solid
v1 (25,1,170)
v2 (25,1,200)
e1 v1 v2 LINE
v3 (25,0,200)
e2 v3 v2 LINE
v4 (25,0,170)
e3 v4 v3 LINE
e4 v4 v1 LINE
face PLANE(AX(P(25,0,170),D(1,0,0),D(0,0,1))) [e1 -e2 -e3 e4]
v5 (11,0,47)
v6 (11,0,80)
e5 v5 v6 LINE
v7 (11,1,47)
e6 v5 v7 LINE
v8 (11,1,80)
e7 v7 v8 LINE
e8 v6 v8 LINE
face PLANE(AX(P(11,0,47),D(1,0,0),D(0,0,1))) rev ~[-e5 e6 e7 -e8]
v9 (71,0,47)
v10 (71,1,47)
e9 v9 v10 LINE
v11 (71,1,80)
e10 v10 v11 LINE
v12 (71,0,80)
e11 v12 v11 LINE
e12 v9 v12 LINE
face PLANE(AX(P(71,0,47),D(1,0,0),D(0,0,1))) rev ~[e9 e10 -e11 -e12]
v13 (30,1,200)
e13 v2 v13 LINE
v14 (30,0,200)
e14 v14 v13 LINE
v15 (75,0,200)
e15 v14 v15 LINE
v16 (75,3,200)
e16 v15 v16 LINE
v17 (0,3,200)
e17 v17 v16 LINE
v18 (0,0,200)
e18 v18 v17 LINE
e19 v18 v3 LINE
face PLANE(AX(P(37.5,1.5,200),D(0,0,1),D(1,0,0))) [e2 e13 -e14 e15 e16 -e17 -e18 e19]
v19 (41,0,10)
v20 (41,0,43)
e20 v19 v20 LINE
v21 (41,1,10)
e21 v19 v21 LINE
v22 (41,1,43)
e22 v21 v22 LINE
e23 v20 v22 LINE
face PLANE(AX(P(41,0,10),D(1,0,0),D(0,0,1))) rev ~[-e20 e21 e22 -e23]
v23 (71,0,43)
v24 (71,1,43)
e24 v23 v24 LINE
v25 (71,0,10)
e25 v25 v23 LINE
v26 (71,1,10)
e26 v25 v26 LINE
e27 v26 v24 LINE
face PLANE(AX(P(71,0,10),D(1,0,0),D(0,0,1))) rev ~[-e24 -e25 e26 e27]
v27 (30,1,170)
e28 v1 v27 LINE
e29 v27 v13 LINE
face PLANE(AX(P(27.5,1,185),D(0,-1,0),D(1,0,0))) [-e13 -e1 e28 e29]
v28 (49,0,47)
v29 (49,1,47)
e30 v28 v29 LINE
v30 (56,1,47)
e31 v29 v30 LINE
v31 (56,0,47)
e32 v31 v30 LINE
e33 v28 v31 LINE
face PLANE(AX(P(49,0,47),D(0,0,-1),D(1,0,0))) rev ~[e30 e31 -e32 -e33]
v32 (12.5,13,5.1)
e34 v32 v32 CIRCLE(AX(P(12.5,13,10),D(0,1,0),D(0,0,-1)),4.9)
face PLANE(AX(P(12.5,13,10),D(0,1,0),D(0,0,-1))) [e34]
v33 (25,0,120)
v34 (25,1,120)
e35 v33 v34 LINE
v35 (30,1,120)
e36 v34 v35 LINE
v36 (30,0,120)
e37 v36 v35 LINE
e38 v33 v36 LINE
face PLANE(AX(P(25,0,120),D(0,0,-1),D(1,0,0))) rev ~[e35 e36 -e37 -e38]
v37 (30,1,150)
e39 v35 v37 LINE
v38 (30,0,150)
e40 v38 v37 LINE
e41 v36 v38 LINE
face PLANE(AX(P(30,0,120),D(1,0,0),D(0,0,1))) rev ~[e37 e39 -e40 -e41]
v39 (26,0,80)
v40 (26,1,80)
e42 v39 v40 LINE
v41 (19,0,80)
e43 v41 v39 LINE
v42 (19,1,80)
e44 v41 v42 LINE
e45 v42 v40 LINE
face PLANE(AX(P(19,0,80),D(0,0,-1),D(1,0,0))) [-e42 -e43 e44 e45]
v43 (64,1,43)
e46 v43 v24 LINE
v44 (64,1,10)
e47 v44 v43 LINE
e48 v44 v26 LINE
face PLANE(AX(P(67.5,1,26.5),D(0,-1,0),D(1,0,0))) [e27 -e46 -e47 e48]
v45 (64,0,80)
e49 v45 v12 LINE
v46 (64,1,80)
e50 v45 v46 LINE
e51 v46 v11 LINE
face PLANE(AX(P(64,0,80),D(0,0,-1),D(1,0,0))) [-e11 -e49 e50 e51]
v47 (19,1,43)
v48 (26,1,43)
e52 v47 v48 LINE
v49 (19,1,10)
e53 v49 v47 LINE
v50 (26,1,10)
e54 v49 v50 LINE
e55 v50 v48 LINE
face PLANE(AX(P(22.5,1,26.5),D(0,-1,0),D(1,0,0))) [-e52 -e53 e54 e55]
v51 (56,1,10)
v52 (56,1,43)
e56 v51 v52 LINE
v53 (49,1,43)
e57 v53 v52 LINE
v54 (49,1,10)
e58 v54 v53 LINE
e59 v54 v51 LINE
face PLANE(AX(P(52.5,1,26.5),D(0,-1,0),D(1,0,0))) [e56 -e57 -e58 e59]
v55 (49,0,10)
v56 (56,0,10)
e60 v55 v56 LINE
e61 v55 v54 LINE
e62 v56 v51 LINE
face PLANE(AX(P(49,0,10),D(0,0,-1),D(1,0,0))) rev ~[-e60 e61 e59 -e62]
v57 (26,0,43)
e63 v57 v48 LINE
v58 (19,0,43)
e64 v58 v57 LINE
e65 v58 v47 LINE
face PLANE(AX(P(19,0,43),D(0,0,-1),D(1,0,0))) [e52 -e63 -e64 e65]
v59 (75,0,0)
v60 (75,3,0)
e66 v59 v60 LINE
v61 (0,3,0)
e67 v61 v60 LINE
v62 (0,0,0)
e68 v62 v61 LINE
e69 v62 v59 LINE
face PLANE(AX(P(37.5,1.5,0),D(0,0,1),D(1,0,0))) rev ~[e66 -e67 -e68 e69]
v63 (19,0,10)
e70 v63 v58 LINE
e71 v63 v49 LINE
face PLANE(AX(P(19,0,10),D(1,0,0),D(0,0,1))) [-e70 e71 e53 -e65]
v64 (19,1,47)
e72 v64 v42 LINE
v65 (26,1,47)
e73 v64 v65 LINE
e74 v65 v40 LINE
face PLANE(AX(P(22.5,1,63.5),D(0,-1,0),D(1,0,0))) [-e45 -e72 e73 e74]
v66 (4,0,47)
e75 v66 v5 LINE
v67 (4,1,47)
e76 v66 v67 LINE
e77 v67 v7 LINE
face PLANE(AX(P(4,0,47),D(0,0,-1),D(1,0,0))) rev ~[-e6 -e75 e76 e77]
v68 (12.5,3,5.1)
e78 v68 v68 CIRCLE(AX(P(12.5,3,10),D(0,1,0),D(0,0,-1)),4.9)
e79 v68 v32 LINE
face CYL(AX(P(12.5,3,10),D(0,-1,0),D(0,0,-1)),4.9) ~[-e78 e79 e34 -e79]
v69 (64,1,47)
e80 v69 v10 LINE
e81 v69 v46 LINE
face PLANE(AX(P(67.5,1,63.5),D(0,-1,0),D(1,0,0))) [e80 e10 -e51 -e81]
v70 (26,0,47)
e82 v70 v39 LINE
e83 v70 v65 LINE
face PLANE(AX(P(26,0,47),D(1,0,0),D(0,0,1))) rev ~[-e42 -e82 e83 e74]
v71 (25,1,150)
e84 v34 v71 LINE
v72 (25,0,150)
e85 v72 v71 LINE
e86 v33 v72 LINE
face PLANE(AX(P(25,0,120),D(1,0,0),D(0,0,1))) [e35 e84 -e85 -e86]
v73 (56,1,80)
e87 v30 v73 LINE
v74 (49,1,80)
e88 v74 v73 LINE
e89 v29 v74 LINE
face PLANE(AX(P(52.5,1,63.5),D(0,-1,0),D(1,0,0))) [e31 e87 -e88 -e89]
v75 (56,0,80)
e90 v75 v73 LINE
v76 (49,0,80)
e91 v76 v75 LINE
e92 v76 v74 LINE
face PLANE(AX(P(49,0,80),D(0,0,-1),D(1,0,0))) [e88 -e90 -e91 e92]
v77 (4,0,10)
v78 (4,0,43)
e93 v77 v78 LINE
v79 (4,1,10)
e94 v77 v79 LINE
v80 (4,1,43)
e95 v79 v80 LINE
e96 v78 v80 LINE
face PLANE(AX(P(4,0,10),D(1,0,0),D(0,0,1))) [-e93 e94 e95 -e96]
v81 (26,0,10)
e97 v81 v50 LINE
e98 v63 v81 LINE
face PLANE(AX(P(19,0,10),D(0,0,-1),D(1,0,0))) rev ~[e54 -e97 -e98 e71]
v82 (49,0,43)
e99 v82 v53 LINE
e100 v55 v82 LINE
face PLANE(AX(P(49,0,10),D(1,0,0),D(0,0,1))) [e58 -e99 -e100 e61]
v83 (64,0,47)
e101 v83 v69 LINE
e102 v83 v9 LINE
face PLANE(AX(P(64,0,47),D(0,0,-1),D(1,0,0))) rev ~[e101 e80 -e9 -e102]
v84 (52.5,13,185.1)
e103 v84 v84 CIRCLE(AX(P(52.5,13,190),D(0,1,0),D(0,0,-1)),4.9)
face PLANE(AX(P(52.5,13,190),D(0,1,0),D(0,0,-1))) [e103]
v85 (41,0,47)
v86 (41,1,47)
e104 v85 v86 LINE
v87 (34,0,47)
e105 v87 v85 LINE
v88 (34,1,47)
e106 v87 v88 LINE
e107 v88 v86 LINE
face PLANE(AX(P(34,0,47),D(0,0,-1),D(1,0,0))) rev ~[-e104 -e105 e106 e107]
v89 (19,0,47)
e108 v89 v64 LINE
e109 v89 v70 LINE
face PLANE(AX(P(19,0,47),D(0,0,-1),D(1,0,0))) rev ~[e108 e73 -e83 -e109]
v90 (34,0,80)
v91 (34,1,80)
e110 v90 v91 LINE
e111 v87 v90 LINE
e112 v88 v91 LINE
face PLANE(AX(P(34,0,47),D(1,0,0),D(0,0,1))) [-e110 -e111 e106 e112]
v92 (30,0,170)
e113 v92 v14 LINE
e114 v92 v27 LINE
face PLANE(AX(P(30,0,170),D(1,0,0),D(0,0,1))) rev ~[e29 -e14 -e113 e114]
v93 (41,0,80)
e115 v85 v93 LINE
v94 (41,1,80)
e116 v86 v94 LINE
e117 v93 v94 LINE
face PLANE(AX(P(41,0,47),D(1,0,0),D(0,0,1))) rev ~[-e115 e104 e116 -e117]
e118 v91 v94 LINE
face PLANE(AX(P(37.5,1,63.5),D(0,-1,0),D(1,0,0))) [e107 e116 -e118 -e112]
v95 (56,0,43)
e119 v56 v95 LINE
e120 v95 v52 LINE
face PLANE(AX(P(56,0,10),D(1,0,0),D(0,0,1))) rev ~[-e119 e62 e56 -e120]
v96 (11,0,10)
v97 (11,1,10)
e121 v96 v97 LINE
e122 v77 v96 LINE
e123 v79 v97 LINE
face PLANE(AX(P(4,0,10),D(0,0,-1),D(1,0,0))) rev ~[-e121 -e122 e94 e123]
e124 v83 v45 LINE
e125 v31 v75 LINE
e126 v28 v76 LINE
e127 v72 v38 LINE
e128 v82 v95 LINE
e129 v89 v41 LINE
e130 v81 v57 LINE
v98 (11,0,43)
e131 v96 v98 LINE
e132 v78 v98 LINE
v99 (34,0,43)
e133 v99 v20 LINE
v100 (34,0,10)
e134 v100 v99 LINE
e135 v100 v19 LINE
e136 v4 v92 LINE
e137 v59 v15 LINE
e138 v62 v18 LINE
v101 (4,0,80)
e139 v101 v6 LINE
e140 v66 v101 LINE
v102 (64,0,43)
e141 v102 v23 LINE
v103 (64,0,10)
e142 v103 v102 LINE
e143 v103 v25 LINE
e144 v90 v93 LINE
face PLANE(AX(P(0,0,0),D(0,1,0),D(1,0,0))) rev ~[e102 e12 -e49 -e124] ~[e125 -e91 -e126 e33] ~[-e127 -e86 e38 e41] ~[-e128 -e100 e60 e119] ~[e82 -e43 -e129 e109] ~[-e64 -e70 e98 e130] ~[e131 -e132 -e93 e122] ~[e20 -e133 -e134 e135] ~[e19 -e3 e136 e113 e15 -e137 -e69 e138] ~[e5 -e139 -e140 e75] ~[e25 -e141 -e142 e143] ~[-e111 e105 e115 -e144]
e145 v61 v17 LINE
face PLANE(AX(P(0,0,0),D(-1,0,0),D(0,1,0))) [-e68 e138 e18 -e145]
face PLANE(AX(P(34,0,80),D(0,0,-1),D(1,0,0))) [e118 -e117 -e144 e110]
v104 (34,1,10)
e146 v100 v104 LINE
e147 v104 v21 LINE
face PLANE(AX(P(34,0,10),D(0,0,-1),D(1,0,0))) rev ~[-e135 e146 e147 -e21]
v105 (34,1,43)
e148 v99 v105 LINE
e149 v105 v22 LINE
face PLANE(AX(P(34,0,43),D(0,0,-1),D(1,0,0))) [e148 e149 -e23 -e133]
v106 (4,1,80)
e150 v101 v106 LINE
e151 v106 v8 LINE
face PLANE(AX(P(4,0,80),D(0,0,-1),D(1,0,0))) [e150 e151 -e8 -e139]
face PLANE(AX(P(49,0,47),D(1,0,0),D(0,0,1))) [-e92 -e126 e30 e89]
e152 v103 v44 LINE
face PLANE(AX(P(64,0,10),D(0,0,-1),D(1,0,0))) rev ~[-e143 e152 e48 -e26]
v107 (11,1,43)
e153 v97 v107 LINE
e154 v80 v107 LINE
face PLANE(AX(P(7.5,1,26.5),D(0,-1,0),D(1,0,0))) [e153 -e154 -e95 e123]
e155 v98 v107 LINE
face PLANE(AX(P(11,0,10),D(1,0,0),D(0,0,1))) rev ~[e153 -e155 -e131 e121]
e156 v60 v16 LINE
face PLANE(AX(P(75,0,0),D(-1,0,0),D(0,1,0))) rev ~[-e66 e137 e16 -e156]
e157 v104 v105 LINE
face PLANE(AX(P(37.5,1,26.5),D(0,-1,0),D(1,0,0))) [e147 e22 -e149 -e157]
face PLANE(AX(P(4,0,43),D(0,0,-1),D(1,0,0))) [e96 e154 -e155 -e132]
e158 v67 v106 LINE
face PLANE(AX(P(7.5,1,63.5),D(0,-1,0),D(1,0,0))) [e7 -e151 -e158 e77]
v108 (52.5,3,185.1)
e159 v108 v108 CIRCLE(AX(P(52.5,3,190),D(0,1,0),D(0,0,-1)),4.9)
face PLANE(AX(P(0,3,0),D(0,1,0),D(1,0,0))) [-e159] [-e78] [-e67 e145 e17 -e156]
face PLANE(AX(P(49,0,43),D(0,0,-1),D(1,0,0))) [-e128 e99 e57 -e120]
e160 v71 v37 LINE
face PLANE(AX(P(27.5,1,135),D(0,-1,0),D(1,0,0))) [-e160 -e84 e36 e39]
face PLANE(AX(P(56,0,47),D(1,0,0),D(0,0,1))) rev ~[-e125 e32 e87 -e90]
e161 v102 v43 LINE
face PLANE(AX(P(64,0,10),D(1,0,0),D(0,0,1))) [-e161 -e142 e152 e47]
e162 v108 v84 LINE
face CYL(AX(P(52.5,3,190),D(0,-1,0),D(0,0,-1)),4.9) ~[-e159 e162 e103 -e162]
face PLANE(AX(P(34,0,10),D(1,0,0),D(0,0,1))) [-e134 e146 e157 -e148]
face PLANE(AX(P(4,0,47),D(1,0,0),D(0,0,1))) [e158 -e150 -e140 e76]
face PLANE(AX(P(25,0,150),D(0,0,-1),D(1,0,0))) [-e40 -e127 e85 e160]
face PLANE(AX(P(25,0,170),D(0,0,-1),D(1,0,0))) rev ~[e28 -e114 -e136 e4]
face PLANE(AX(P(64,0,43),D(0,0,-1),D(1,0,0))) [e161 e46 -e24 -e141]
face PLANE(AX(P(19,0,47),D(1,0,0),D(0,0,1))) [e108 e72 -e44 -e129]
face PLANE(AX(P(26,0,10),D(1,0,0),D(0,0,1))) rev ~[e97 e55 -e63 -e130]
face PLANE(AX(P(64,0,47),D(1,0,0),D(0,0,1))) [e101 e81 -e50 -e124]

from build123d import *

# Parameters (mm, degrees)
SKETCH1_W           = 75
SKETCH1_H           = 3
BOSS_EXTRUDE1_DEPTH = 200
SKETCH2_R           = 4.9
BOSS_EXTRUDE2_DEPTH = 10
SKETCH3_W           = 7
SKETCH3_H           = 33
SKETCH3_W_2         = 5
SKETCH3_H_2         = 30
CUT_EXTRUDE1_DEPTH  = 1


with BuildPart() as part:
    # Sketch1 → Boss-Extrude1 (new body)
    with BuildSketch(Plane.XY):
        with Locations((37.5, 1.5)):
            Rectangle(SKETCH1_W, SKETCH1_H)
    extrude(amount=BOSS_EXTRUDE1_DEPTH)

    # Sketch2 → Boss-Extrude2 (add)
    with BuildSketch(Plane(origin=(0, 3, 0), x_dir=(1, 0, 0), z_dir=(0, 1, 0))):
        with Locations(Location((12.5, -10, 0), (0, 0, 90))):
            Circle(SKETCH2_R)
        with Locations(Location((52.5, -190, 0), (0, 0, 90))):
            Circle(SKETCH2_R)
    extrude(amount=BOSS_EXTRUDE2_DEPTH)

    # Sketch3 → Cut-Extrude1 (cut)
    with BuildSketch(Plane.XZ):
        with Locations((7.5, 26.5)):
            Rectangle(SKETCH3_W, SKETCH3_H)
        with Locations((7.5, 63.5)):
            Rectangle(SKETCH3_W, SKETCH3_H)
        with Locations((27.5, 135)):
            Rectangle(SKETCH3_W_2, SKETCH3_H_2)
        with Locations((22.5, 26.5)):
            Rectangle(SKETCH3_W, SKETCH3_H)
        with Locations((22.5, 63.5)):
            Rectangle(SKETCH3_W, SKETCH3_H)
        with Locations((37.5, 26.5)):
            Rectangle(SKETCH3_W, SKETCH3_H)
        with Locations((37.5, 63.5)):
            Rectangle(SKETCH3_W, SKETCH3_H)
        with Locations((52.5, 26.5)):
            Rectangle(SKETCH3_W, SKETCH3_H)
        with Locations((52.5, 63.5)):
            Rectangle(SKETCH3_W, SKETCH3_H)
        with Locations((67.5, 26.5)):
            Rectangle(SKETCH3_W, SKETCH3_H)
        with Locations((67.5, 63.5)):
            Rectangle(SKETCH3_W, SKETCH3_H)
        with Locations((27.5, 185)):
            Rectangle(SKETCH3_W_2, SKETCH3_H_2)
    extrude(amount=-CUT_EXTRUDE1_DEPTH, mode=Mode.SUBTRACT)


solid = part.part
